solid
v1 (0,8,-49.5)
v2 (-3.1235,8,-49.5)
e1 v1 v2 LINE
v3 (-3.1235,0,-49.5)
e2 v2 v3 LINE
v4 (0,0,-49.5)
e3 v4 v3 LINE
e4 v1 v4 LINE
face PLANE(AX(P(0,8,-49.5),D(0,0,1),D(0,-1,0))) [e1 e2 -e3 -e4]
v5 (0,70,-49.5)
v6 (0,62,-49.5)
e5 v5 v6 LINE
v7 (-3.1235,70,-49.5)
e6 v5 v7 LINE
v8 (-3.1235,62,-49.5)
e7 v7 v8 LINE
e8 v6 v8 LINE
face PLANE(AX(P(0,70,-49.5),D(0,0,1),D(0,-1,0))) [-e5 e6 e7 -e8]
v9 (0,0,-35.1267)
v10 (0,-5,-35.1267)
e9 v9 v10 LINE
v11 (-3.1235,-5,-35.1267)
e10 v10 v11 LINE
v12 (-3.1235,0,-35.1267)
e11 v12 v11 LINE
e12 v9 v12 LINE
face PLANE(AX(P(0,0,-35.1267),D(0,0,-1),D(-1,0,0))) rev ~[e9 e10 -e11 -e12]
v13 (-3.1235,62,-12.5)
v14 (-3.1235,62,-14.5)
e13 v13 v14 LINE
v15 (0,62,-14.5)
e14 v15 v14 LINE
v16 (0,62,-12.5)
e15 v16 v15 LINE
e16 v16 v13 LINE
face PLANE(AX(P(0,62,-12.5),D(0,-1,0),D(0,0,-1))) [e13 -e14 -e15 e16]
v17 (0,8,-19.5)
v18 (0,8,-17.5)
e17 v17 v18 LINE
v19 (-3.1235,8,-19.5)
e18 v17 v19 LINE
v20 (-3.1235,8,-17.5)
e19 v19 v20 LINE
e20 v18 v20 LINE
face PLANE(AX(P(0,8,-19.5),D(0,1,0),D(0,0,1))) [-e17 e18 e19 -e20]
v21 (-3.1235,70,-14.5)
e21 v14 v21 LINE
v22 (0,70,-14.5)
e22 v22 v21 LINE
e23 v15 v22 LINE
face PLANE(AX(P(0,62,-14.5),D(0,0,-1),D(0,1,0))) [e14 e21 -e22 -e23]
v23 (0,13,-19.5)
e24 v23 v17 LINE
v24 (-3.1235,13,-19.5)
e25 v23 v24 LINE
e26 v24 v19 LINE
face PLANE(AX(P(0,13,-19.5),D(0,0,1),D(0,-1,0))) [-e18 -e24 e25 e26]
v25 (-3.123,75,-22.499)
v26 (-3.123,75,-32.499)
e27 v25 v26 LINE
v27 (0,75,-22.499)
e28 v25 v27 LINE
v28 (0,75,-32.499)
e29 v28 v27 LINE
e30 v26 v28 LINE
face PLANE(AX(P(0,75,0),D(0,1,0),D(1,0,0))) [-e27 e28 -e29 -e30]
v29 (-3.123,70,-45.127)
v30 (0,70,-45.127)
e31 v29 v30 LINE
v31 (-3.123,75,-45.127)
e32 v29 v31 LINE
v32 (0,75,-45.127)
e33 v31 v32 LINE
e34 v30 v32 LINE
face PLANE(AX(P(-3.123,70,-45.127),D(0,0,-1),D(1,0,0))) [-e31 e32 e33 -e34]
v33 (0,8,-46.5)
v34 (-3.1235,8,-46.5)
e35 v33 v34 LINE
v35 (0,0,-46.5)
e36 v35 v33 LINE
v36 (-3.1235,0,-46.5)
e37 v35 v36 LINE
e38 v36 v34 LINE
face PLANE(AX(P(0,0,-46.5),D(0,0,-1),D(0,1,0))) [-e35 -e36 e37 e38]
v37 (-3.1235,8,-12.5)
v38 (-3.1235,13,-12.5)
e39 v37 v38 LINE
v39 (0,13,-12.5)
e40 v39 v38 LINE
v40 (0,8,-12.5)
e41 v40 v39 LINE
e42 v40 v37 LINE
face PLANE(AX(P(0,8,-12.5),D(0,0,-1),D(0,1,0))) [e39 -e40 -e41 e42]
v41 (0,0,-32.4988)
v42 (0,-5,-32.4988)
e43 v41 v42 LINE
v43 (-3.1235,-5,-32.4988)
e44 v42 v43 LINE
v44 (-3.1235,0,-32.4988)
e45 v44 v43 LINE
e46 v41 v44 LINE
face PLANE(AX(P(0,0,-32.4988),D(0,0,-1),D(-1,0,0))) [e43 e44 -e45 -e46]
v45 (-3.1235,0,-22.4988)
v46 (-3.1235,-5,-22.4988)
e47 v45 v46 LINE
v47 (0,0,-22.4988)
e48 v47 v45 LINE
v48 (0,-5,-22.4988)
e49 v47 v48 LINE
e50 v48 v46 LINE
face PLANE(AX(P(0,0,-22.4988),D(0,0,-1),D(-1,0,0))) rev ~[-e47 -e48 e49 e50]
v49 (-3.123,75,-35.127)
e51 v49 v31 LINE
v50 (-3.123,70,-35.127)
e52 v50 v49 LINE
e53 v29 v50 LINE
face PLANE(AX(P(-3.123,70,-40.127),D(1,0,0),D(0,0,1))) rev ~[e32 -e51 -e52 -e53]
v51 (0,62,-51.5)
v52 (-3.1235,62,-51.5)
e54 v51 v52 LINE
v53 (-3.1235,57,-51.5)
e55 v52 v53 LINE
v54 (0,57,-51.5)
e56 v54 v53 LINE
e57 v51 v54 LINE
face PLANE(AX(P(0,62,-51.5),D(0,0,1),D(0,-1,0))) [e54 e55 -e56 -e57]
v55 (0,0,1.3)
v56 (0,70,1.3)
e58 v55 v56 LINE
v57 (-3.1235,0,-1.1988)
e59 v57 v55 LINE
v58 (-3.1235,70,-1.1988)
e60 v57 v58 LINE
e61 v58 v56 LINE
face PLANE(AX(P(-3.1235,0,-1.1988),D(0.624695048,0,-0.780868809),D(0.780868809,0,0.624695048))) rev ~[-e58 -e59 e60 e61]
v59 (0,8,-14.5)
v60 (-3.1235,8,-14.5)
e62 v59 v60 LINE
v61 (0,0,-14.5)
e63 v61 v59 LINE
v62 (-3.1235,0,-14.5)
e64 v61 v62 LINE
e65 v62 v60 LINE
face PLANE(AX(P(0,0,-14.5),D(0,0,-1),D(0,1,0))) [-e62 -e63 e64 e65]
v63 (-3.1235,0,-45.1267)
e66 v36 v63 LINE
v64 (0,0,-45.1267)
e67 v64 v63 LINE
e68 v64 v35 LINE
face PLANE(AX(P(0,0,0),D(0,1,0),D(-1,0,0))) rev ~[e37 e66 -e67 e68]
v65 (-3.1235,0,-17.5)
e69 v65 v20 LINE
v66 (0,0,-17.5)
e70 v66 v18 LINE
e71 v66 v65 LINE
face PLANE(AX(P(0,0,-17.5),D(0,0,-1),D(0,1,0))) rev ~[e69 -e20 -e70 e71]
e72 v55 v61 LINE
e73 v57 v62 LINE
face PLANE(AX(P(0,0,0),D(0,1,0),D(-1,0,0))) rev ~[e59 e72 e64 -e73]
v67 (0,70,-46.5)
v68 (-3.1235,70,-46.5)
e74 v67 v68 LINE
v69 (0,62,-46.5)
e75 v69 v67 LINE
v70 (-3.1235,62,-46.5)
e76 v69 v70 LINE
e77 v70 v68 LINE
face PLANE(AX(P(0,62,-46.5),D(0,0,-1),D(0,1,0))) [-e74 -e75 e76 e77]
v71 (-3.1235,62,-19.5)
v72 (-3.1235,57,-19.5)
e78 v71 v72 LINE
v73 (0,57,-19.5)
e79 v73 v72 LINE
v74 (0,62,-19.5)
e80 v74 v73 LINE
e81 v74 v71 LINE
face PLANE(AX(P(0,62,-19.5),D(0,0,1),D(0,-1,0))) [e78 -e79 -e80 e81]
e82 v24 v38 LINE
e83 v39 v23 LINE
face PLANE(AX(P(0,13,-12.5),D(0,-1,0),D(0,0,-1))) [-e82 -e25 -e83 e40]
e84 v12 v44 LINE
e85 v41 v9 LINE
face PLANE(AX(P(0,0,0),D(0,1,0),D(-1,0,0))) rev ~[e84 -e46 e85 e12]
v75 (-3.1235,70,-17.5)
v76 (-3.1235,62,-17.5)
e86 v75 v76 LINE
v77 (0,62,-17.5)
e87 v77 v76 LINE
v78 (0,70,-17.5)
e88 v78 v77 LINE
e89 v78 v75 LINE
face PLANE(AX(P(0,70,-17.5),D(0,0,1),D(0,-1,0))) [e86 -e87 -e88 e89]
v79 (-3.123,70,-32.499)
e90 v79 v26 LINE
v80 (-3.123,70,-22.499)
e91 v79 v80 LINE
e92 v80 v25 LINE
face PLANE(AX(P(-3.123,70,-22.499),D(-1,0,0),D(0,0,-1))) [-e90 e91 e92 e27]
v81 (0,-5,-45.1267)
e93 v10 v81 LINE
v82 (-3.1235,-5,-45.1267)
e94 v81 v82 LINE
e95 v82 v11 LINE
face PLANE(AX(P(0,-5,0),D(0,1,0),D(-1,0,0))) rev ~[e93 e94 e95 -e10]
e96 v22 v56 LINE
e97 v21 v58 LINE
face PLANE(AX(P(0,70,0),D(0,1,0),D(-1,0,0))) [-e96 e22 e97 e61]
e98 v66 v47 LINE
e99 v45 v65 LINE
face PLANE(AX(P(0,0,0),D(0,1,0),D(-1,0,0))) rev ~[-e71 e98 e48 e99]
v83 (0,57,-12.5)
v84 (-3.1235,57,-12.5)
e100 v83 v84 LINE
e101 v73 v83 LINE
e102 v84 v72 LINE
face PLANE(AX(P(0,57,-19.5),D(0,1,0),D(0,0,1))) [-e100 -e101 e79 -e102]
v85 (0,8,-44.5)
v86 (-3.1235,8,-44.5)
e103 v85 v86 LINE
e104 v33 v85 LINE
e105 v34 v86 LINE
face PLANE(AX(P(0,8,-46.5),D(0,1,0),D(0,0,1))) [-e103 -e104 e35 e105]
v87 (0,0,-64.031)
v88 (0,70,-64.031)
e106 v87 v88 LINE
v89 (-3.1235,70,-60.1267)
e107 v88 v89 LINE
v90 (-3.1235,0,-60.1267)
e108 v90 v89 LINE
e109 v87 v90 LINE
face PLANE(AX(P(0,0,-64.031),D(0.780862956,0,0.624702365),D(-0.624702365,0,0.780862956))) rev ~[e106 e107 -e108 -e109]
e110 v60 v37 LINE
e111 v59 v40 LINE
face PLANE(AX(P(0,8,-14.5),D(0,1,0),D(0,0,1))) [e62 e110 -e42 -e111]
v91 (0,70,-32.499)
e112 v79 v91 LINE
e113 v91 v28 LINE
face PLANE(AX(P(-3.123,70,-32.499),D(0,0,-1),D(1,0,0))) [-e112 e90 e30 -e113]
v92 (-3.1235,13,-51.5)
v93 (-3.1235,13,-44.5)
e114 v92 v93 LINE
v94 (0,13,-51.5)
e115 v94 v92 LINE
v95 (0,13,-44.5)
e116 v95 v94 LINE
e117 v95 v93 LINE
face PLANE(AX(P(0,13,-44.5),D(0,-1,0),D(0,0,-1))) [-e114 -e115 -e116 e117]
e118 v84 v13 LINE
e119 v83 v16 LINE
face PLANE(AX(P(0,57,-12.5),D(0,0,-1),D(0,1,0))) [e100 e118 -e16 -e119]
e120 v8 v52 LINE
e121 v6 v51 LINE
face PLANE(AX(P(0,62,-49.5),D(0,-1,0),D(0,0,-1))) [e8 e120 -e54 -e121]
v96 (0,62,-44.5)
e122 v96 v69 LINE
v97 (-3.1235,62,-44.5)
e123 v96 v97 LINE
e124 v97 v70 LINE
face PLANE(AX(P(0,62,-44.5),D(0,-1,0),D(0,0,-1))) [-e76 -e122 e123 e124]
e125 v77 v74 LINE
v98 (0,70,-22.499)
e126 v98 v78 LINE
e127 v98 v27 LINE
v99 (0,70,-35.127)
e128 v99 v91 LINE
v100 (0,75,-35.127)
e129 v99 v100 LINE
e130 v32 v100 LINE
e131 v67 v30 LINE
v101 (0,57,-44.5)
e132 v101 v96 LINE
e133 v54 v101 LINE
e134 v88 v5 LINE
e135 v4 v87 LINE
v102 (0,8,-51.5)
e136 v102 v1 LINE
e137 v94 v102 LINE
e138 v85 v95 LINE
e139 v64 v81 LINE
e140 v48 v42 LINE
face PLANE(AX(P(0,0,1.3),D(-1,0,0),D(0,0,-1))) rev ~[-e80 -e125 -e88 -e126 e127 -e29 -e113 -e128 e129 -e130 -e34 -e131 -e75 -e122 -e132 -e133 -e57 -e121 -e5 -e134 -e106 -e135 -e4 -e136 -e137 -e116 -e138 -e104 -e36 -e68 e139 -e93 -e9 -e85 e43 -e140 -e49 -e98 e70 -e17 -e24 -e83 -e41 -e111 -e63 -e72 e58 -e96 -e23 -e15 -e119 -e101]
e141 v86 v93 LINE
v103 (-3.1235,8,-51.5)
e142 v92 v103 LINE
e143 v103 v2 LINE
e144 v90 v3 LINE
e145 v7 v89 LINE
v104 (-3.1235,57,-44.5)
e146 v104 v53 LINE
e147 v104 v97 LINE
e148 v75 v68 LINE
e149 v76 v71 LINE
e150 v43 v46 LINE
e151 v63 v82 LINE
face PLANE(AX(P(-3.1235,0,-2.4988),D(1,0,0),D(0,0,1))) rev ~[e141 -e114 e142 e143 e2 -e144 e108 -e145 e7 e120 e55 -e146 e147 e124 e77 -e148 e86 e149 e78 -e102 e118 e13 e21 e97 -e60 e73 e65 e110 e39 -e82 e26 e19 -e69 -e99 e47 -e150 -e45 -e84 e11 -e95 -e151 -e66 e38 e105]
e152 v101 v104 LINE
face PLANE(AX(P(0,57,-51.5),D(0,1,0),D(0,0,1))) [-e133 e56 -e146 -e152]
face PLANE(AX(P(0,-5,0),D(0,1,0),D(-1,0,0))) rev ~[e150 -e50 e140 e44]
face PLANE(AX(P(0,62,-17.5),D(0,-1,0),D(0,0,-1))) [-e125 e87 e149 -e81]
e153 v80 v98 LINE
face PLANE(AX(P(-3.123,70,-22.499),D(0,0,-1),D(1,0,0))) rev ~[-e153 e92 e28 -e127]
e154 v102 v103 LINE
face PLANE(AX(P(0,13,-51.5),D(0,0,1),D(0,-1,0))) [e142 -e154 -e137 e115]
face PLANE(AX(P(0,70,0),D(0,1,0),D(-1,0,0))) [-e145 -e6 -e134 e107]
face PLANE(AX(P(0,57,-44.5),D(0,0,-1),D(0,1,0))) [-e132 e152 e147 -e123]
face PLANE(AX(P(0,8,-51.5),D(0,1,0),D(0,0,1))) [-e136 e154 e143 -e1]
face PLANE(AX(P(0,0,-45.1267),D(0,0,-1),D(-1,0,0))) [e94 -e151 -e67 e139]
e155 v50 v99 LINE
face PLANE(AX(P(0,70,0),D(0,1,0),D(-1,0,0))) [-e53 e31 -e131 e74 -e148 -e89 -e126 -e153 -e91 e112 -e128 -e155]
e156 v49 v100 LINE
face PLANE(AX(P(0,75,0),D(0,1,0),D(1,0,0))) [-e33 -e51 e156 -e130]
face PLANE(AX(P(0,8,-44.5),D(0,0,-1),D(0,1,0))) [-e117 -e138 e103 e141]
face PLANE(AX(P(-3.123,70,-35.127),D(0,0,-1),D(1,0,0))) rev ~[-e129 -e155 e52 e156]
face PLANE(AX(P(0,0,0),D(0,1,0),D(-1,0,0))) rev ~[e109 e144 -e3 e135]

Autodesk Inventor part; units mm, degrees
ref_plane "YZ Plane" through (0, 0, 0) normal (1, 0, 0) x (0, 1, 0)
ref_plane "XZ Plane" through (0, 0, 0) normal (0, 1, 0) x (-1, 0, 0)
ref_plane "XY Plane" through (0, 0, 0) normal (0, 0, 1) x (1, 0, 0)
sketch "Sketch3" plane through (0, 0, 0) normal (0, 1, 0) x (-1, 0, 0)
  line L0 (0, 0) -> (0, -64.031)
  line L1 (0, -64.031) -> (3.1235, -60.1267)
  line L2 (0, -64.031) -> (3.1235, -60.1267)
  line L3 (3.1235, -60.1267) -> (3.1235, -2.4988)
  line L4 (0, 0) -> (3.1235, -2.4988)
  line L5 (3.1235, -2.4988) -> (0, -2.4988)
  line L6 (0, -2.4988) -> (0, -12.4988)
  line L7 (3.1235, -2.4988) -> (3.1235, -12.4988)
  line L8 (3.1235, -60.1267) -> (0, -60.1267)
  line L9 (3.1235, -60.1267) -> (3.1235, -50.1267)
  line L10 (0, 0) -> (0, -20)
  line L11 (0, -64.031) -> (0, -48.031)
  line L12 (0, -50.1267) -> (0, -48.031)
  line L13 (0, -20) -> (0, -30)
  line L14 (0, -60.1267) -> (0, -45.1267)
  line L15 (0, -45.1267) -> (3.1235, -45.1267)
  line L16 (0, -45.1267) -> (0, -35.1267)
  line L17 (0, -35.1267) -> (3.1235, -35.1267)
  line L18 (0, -2.4988) -> (0, -22.4988)
  line L19 (0, -22.4988) -> (3.1235, -22.4988)
  line L20 (0, -22.4988) -> (0, -32.4988)
  line L21 (0, -32.4988) -> (3.1235, -32.4988)
  line L22 (0, 0) -> (0, -16)
  line L23 (0, -16) -> (3.1235, -16)
  line L24 (0, -64.031) -> (0, -48.031)
  line L25 (0, -48.031) -> (3.1235, -48.031)
  line L26 (0, -48.031) -> (0, -45.1267)
  line L27 (3.1235, -22.4988) -> (3.1235, -16)
  line L28 (3.1235, -2.4988) -> (3.1235, -1.1988)
  line L29 (3.1235, -1.1988) -> (0, 1.3)
  line L30 (0, 1.3) -> (0, 0)
  point P0 (3.1235, -20)
  point P1 (3.1235, -30)
  dimension "d80" = 15
  dimension "d81" = 10
  dimension "d86" = 20
  dimension "d87" = 10
  dimension "d90" = 16
  dimension "d91" = 16
  dimension "d92" = 2.9043
  dimension "d93" = 6.4988
  dimension "d96" = 1.3
extrude "Extrusion4" add sketch "Sketch3" along normal blind 70 contours L4 L5 L0 | L5 L3 L23 L0 | L23 L3 L19 L0 | L3 L21 L0 L19 | L3 L17 L0 L21 | L3 L15 L0 L17 | L3 L25 L0 L15 | L3 L8 L0 L25 | L1 L0 L8
sketch "Sketch4" plane through (0, 0, 0) normal (1, 0, 0) x (0, 0, -1)
  line L0 (0, 0) -> (16, 0)
  line L1 (16, 0) -> (48, 0)
  line L2 (48, 0) -> (64, 0)
  line L3 (16, 0) -> (14.5, 0)
  line L4 (14.5, 0) -> (14.5, 8)
  line L5 (14.5, 8) -> (12.5, 8)
  line L6 (12.5, 8) -> (12.5, 13)
  line L7 (12.5, 13) -> (19.5, 13)
  line L8 (19.5, 13) -> (19.5, 8)
  line L9 (19.5, 8) -> (17.5, 8)
  line L10 (16, 0) -> (17.5, 0)
  line L11 (17.5, 0) -> (17.5, 8)
  line L12 (48, 0) -> (49.5, 0)
  line L13 (48, 0) -> (46.5, 0)
  line L14 (48, 0) -> (46.5, 0)
  line L15 (46.5, 0) -> (46.5, 8)
  line L16 (46.5, 8) -> (44.5, 8)
  line L17 (44.5, 8) -> (44.5, 13)
  line L18 (44.5, 13) -> (51.5, 13)
  line L19 (51.5, 13) -> (51.5, 8)
  line L20 (51.5, 8) -> (49.5, 8)
  line L21 (49.5, 8) -> (49.5, 0)
  line L22 (16, 13) -> (16, 57)
  line L23 (16, 70) -> (17.5, 70)
  line L24 (17.5, 70) -> (17.5, 62)
  line L25 (17.5, 62) -> (19.5, 62)
  line L26 (19.5, 62) -> (19.5, 57)
  line L27 (19.5, 57) -> (12.5, 57)
  line L28 (12.5, 57) -> (12.5, 62)
  line L29 (12.5, 62) -> (14.5, 62)
  line L30 (14.5, 62) -> (14.5, 70)
  line L31 (48, 13) -> (48, 57)
  line L32 (48, 70) -> (49.5, 70)
  line L33 (49.5, 70) -> (49.5, 62)
  line L34 (49.5, 62) -> (51.5, 62)
  line L35 (51.5, 62) -> (51.5, 57)
  line L36 (51.5, 57) -> (44.5, 57)
  line L37 (44.5, 57) -> (44.5, 62)
  line L38 (44.5, 62) -> (46.5, 62)
  line L39 (46.5, 62) -> (46.5, 70)
  line L40 (46.5, 70) -> (48, 70)
  line L41 (16, 70) -> (14.5, 70)
  dimension "d23" = 16
  dimension "d24" = 32
  dimension "d25" = 16
  dimension "d26" = 1.5
  dimension "d27" = 8
  dimension "d28" = 2
  dimension "d29" = 5
  dimension "d30" = 7
  dimension "d31" = 2
  dimension "d32" = 1.5
  dimension "d33" = 1.5
  dimension "d34" = 1.5
  dimension "d35" = 1.5
  dimension "d36" = 8
  dimension "d37" = 2
  dimension "d38" = 7
  dimension "d39" = 70
  dimension "d40" = 8
  dimension "d41" = 2
  dimension "d42" = 5
  dimension "d43" = 7
  dimension "d44" = 5
  dimension "d45" = 1.5
  dimension "d46" = 8
  dimension "d47" = 2
extrude "Extrusion5" cut sketch "Sketch4" against normal blind 3.2 contours L4 L5 L6 L7 L8 L9 L11 L1 L0
extrude "Extrusion6" cut sketch "Sketch4" against normal blind 3.2 contours L15 L16 L17 L18 L19 L20 L21 L2 L1
extrude "Extrusion7" cut sketch "Sketch4" against normal blind 3.2 contours L36 L37 L38 L39 L40 L32 L33 L34 L35
extrude "Extrusion8" cut sketch "Sketch4" against normal blind 3.2 contours L27 L28 L29 L30 L41 L23 L24 L25 L26
sketch "Sketch6" plane through (0, 70, 0) normal (0, 1, 0) x (1, 0, 0)
  line L0 (0, 0) -> (0, 2.499)
  line L1 (-3.123, 2.499) -> (-3.123, 12.499)
  line L2 (0, 12.499) -> (0, 2.499)
  line L3 (0, 0) -> (0, 64)
  line L4 (0, 2.499) -> (0, 60.127)
  line L5 (-3.123, 55.127) -> (-3.123, 45.127)
  line L6 (-3.123, 55.127) -> (-3.123, 40.127)
  line L7 (-3.123, 40.127) -> (-3.123, 30.127)
  line L8 (0, 30.127) -> (0, 40.127)
  line L9 (-3.123, 60.127) -> (0, 60.127)
  line L10 (-3.123, 60.127) -> (-3.123, 45.127)
  line L11 (-3.123, 45.127) -> (0, 45.127)
  line L12 (-3.123, 45.127) -> (-3.123, 35.127)
  line L13 (-3.123, 35.127) -> (0, 35.127)
  line L14 (0, 35.127) -> (0, 45.127)
  line L15 (-3.123, 2.499) -> (0, 2.499)
  line L16 (-3.123, 2.499) -> (-3.123, 22.499)
  line L17 (-3.123, 22.499) -> (0, 22.499)
  line L18 (-3.123, 22.499) -> (-3.123, 32.499)
  line L19 (-3.123, 32.499) -> (0, 32.499)
  line L20 (0, 32.499) -> (0, 22.499)
  line L21 (-3.123, 2.3854) -> (-3.123, 1.3854)
  line L22 (-2.9831, 1.2495) -> (0, -1.1378)
  line L23 (-2.9831, 1.2495) -> (0.8377, 1.2495) construction
  line L24 (0, -1.1378) -> (0, 0)
  dimension "d63" = 3.123
  dimension "d65" = 64
  dimension "d75" = 15
  dimension "d76" = 10
  dimension "d77" = 20
  dimension "d78" = 10
  dimension "d94" = 1
  dimension "d95" = 38.67
extrude "Extrusion13" add sketch "Sketch6" along normal blind 5 contours L18 L7 L19 L3 L17 | L7 L6 L11 L3 L13
extrude "Extrusion14" add sketch "Sketch3" against normal blind 5 contours L3 L21 L0 L19 | L3 L15 L0 L17
extrude "Extrusion15" add sketch "Sketch3" along normal blind 70 contours L30 L29 L28 L4
properties part number "lat_front_mdf"
